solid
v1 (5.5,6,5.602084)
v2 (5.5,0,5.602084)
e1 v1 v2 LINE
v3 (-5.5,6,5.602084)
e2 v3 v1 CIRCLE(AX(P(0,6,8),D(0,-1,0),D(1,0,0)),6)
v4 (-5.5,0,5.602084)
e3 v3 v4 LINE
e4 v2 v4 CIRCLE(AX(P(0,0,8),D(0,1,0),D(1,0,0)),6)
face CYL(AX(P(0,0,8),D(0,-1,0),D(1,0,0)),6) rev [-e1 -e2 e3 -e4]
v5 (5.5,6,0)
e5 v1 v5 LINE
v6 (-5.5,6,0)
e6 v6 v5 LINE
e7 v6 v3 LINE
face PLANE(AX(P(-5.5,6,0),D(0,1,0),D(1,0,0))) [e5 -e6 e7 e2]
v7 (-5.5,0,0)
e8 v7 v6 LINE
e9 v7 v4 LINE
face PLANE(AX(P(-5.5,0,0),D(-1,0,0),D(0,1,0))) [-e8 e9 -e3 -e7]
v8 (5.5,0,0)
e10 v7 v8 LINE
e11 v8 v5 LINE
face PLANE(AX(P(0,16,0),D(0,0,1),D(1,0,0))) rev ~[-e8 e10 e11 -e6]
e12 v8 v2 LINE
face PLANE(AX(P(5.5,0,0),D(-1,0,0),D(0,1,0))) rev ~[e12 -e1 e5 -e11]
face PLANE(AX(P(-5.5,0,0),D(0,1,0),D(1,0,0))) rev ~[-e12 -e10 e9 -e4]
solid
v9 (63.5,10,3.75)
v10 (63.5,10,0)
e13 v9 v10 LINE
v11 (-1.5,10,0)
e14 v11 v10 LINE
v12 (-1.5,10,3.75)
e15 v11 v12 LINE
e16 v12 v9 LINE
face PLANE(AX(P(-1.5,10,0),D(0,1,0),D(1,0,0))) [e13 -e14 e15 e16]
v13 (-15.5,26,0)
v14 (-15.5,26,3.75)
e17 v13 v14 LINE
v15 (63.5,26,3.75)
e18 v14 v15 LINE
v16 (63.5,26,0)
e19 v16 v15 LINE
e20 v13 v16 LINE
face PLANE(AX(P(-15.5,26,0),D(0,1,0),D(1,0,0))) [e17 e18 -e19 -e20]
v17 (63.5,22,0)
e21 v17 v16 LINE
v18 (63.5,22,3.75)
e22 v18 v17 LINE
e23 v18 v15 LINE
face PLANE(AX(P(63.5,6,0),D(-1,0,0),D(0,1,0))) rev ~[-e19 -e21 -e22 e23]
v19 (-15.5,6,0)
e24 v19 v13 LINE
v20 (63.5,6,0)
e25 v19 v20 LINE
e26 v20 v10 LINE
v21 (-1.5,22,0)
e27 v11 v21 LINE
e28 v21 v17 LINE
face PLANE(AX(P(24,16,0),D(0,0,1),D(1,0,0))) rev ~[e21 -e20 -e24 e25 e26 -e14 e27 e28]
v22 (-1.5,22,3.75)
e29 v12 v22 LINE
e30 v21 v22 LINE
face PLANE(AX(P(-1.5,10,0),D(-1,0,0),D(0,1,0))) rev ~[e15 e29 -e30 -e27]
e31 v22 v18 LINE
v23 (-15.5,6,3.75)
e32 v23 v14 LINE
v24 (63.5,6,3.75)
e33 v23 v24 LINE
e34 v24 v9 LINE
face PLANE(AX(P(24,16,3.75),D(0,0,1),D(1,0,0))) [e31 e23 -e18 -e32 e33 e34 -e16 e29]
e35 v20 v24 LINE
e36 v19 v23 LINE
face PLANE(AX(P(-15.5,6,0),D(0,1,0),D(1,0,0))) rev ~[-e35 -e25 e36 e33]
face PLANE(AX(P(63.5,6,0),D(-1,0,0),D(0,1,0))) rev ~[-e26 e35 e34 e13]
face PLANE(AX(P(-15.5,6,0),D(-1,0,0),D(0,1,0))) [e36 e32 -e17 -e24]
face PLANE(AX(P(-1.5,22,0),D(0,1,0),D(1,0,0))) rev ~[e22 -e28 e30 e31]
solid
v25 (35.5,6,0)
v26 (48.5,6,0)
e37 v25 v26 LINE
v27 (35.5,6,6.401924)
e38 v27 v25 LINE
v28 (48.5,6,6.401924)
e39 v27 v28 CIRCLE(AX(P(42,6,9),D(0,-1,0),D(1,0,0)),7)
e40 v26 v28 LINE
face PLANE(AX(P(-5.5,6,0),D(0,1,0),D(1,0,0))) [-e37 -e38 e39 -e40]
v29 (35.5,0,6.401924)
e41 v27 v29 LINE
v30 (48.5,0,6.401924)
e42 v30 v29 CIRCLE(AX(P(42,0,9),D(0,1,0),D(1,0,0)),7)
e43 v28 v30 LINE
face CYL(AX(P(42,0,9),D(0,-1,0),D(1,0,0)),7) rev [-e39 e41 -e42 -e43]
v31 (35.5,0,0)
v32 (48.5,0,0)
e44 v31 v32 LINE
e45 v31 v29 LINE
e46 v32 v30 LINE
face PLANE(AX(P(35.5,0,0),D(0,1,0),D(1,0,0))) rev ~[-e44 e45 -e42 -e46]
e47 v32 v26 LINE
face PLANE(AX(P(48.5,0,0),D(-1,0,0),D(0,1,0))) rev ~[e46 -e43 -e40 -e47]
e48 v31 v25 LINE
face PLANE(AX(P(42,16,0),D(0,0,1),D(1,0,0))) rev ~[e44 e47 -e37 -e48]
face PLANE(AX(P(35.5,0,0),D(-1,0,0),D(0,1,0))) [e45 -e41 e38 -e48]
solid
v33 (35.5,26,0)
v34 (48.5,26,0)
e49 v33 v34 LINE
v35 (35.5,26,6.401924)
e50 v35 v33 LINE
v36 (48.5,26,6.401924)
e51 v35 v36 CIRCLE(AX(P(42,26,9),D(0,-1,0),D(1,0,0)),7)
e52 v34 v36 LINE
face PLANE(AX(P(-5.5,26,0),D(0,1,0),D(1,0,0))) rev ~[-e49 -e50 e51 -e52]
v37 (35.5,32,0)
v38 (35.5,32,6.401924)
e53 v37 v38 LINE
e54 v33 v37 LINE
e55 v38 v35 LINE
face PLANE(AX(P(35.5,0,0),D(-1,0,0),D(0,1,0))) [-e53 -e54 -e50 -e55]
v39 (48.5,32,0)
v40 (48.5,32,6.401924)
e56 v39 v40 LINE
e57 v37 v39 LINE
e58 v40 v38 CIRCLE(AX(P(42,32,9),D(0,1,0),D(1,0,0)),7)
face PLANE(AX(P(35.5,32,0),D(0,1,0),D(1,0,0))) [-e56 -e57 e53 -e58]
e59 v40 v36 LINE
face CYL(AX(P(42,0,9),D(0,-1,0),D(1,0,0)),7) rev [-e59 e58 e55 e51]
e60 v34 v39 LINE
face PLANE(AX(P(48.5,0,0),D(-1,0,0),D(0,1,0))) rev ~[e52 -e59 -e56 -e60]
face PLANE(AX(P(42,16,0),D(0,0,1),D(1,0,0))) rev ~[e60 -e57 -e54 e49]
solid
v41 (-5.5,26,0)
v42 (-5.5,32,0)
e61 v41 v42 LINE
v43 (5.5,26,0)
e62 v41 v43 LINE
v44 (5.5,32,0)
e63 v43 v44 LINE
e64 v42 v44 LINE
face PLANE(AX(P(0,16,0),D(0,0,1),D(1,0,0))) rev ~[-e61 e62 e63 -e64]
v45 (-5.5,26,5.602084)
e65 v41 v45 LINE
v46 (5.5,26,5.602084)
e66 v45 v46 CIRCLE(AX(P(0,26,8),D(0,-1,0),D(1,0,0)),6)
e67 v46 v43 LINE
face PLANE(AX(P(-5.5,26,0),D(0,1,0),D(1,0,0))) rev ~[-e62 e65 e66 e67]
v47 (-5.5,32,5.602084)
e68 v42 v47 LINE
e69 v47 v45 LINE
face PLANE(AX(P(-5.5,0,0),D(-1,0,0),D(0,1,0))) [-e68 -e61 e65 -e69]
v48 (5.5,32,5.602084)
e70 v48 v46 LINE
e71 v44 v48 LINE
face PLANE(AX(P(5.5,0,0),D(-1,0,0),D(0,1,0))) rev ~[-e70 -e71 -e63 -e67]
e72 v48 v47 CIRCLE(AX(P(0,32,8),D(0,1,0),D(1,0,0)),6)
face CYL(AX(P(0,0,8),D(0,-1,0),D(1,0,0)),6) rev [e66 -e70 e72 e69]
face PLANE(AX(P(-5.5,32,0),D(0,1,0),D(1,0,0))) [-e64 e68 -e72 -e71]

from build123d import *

# Parameters (mm, degrees)
BOX016_W          = 54
BOX016_H          = 20
BOX016_DEPTH      = 10
CYLINDER001_R     = 7
CYLINDER001_DEPTH = 32
BOX015_W          = 13
BOX015_H          = 32
BOX015_DEPTH      = 8
CYLINDER_R        = 6
CYLINDER_DEPTH    = 32
BOX_W             = 11
BOX_H             = 32
BOX_DEPTH         = 8
BOX017_W          = 71
BOX017_H          = 12
BOX017_DEPTH      = 3.75
BOX008_W          = 79
BOX008_H          = 20
BOX008_DEPTH      = 3.75


with BuildPart() as basecutout:
    # Box016 → Box016 (new body)
    with BuildSketch(Plane(origin=(-5.5, 6, 0), x_dir=(1, 0, 0), z_dir=(0, 0, 1))):
        with Locations((27, 10)):
            Rectangle(BOX016_W, BOX016_H)
    extrude(amount=BOX016_DEPTH)


with BuildPart() as cylinder001:
    # Cylinder001 → Cylinder001 (new body)
    with BuildSketch(Plane(origin=(42, 0, 9), x_dir=(1, 0, 0), z_dir=(0, 1, 0))):
        Circle(CYLINDER001_R)
    extrude(amount=CYLINDER001_DEPTH)


with BuildPart() as rearaxle:
    # Box015 → Box015 (new body)
    with BuildSketch(Plane(origin=(35.5, 0, 0), x_dir=(1, 0, 0), z_dir=(0, 0, 1))):
        with Locations((6.5, 16)):
            Rectangle(BOX015_W, BOX015_H)
    extrude(amount=BOX015_DEPTH)

    # Cut004: cut Cylinder001
    add(cylinder001.part, mode=Mode.SUBTRACT)


with BuildPart() as cylinder:
    # Cylinder → Cylinder (new body)
    with BuildSketch(Plane(origin=(0, 0, 8), x_dir=(1, 0, 0), z_dir=(0, 1, 0))):
        Circle(CYLINDER_R)
    extrude(amount=CYLINDER_DEPTH)


with BuildPart() as cut005:
    # Box → Box (new body)
    with BuildSketch(Plane(origin=(-5.5, 0, 0), x_dir=(1, 0, 0), z_dir=(0, 0, 1))):
        with Locations((5.5, 16)):
            Rectangle(BOX_W, BOX_H)
    extrude(amount=BOX_DEPTH)

    # Cut: cut Cylinder
    add(cylinder.part, mode=Mode.SUBTRACT)

    # Fusion: union RearAxle
    add(rearaxle.part)

    # Cut005: cut basecutout
    add(basecutout.part, mode=Mode.SUBTRACT)


with BuildPart() as basecutout001:
    # Box017 → Box017 (new body)
    with BuildSketch(Plane(origin=(-1.5, 10, 0), x_dir=(1, 0, 0), z_dir=(0, 0, 1))):
        with Locations((35.5, 6)):
            Rectangle(BOX017_W, BOX017_H)
    extrude(amount=BOX017_DEPTH)


with BuildPart() as cut006:
    # Box008 → Box008 (new body)
    with BuildSketch(Plane(origin=(-15.5, 6, 0), x_dir=(1, 0, 0), z_dir=(0, 0, 1))):
        with Locations((39.5, 10)):
            Rectangle(BOX008_W, BOX008_H)
    extrude(amount=BOX008_DEPTH)

    # Cut006: cut basecutout001
    add(basecutout001.part, mode=Mode.SUBTRACT)


solid = Compound([cut005.part, cut006.part])
